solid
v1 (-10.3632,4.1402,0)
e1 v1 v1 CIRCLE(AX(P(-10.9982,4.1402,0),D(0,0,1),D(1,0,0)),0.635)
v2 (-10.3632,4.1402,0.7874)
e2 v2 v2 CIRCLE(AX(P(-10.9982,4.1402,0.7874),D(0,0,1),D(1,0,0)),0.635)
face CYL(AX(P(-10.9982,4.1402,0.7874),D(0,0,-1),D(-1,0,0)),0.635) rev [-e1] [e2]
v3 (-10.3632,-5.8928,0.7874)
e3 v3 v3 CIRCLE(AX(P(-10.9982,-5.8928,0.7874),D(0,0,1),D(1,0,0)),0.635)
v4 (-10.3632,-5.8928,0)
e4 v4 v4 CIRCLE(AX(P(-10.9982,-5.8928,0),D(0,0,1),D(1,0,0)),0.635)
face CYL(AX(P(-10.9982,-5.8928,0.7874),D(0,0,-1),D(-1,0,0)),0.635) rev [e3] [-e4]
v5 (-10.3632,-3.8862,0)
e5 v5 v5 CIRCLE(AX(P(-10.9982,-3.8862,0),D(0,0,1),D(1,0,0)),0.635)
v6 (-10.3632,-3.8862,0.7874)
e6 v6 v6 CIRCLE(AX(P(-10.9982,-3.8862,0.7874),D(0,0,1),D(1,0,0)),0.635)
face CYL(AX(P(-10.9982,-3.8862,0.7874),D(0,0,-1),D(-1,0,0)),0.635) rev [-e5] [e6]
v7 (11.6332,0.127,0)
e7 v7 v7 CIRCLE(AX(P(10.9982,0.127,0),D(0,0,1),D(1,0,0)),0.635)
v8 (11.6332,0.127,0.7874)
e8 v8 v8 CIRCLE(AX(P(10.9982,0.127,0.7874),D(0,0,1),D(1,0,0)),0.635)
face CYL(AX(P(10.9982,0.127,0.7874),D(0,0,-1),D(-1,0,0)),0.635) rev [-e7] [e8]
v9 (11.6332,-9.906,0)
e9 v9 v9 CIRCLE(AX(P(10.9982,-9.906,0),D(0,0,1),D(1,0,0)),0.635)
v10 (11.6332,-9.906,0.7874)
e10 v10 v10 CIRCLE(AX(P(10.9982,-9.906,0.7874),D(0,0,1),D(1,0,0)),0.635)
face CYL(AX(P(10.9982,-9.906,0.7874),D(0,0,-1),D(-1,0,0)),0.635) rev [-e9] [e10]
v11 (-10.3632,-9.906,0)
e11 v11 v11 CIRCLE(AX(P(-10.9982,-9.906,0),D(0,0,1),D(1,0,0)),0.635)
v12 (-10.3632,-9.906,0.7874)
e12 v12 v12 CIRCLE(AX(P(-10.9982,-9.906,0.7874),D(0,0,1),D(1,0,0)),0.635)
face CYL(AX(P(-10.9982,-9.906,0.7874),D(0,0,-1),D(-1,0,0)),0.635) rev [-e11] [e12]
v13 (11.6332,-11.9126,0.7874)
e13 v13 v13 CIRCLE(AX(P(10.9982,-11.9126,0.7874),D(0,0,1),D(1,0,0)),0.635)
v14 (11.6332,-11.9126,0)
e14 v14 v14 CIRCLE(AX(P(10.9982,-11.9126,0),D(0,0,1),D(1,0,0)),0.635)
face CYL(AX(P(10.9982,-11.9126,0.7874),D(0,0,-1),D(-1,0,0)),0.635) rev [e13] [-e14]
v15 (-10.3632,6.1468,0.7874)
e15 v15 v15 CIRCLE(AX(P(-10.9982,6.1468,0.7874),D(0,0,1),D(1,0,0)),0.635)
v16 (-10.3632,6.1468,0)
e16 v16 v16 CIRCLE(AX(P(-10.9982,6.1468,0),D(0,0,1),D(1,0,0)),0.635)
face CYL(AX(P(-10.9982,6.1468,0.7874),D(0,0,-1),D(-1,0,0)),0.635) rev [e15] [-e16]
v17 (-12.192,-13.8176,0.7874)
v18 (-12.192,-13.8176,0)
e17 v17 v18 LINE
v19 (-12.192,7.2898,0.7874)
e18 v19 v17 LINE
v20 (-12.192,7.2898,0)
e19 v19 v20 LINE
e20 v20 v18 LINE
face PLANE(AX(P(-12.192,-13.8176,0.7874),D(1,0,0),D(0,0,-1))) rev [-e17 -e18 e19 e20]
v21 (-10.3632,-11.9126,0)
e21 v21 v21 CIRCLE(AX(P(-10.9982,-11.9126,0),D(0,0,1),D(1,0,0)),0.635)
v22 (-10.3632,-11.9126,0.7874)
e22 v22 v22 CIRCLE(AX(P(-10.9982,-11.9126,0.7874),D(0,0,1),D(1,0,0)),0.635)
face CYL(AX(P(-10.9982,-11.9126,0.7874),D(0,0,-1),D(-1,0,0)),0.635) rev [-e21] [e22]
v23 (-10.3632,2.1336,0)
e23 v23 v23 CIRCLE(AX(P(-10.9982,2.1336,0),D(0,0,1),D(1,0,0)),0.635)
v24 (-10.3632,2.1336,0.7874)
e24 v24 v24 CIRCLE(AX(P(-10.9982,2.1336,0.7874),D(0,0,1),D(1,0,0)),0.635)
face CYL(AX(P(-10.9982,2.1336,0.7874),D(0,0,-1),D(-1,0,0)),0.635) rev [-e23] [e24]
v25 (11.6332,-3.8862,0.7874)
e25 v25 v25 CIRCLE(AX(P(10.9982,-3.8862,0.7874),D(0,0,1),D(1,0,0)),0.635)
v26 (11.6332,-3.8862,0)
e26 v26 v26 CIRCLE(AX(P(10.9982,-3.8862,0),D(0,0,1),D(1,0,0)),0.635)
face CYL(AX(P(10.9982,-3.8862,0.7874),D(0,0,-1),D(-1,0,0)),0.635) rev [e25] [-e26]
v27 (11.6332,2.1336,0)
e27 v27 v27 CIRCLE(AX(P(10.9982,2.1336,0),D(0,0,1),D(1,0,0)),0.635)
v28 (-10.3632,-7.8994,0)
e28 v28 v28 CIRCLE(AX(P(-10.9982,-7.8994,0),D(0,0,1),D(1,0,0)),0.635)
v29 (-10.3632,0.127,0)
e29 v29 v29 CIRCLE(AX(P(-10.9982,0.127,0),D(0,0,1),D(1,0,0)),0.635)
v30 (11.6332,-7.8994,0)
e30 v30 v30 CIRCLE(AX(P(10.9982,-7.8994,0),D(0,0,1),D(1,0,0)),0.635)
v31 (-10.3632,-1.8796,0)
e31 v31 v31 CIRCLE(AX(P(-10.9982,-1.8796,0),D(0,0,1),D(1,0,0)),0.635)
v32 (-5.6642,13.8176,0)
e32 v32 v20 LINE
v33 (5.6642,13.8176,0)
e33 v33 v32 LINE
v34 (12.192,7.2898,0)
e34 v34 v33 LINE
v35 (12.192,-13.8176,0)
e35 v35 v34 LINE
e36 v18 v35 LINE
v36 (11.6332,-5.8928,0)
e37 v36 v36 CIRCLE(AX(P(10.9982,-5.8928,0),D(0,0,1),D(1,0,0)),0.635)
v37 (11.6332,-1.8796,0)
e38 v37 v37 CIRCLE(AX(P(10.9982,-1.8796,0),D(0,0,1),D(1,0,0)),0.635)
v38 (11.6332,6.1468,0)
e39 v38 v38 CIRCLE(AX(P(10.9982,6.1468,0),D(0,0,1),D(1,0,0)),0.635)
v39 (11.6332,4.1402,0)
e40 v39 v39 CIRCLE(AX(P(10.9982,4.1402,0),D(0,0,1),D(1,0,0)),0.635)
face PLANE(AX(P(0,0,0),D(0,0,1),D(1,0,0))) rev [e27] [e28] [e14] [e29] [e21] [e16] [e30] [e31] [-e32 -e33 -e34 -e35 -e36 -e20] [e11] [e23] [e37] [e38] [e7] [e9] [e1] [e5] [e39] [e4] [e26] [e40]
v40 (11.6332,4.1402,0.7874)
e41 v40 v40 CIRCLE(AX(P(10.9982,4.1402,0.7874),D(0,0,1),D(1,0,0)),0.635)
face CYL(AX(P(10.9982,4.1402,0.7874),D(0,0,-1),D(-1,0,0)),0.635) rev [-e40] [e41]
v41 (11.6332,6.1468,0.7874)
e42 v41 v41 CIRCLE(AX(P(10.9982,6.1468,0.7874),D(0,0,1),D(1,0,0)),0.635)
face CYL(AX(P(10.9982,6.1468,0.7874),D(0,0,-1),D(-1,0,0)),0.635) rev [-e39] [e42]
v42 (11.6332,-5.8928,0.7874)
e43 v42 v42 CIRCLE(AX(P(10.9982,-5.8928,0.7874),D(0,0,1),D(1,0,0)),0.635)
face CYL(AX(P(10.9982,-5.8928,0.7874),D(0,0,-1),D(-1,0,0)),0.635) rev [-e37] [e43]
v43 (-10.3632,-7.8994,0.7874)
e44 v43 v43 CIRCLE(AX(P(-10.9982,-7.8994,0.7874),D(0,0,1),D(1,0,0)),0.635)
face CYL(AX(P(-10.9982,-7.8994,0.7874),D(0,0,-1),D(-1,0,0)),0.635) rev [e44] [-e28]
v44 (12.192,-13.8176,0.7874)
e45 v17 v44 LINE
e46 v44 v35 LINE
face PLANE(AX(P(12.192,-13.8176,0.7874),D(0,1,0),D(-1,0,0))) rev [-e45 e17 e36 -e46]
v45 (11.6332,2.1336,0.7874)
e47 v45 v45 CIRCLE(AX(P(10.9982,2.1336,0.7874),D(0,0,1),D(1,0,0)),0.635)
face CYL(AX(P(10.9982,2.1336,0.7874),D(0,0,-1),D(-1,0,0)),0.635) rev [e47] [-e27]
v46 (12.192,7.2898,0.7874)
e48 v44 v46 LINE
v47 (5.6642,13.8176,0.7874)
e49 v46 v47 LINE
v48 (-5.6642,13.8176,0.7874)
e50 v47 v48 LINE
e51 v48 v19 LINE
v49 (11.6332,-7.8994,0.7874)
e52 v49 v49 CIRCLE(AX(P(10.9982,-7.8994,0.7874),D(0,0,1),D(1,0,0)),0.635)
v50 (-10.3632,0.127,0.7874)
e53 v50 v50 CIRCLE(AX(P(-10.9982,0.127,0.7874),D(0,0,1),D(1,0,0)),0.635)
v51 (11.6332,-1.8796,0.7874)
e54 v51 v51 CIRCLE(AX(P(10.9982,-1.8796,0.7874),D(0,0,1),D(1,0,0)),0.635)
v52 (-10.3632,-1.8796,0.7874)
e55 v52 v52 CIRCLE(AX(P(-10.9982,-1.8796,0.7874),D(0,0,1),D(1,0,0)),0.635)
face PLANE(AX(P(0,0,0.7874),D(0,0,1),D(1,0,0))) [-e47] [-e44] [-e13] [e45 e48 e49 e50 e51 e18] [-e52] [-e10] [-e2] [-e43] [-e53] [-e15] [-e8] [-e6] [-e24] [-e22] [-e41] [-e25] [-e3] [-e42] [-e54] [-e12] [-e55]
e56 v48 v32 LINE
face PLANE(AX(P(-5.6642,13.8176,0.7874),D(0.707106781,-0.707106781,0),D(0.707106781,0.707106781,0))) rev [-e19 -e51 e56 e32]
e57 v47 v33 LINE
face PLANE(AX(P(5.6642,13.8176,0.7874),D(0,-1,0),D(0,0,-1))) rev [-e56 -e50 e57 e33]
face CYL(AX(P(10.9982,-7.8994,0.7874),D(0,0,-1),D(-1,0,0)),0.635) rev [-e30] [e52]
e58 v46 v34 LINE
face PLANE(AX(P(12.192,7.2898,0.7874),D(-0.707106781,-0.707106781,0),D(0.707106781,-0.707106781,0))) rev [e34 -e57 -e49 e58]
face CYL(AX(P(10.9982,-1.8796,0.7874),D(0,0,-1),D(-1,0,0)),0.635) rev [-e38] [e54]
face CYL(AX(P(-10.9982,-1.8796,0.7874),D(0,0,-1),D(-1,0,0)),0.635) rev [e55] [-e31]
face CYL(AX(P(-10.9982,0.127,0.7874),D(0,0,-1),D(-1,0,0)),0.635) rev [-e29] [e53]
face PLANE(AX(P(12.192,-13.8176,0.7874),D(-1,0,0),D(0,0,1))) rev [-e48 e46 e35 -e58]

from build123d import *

# Parameters (mm, degrees)
CROQUIS1_R              = 0.635
SALIENTE_EXTRUIR1_DEPTH = 0.7874


with BuildPart() as part:
    # Croquis1 → Saliente-Extruir1 (new body)
    with BuildSketch(Plane.XY):
        Polygon((-5.6642, 13.8176), (-12.192, 7.2898), (-12.192, -13.8176), (12.192, -13.8176), (12.192, 7.2898), (5.6642, 13.8176), align=None)
        with Locations((-10.9982, -11.9126)):
            Circle(CROQUIS1_R, mode=Mode.SUBTRACT)
        with Locations((10.9982, -11.9126)):
            Circle(CROQUIS1_R, mode=Mode.SUBTRACT)
        with Locations((10.9982, -9.906)):
            Circle(CROQUIS1_R, mode=Mode.SUBTRACT)
        with Locations((10.9982, -7.8994)):
            Circle(CROQUIS1_R, mode=Mode.SUBTRACT)
        with Locations((10.9982, -5.8928)):
            Circle(CROQUIS1_R, mode=Mode.SUBTRACT)
        with Locations((10.9982, -3.8862)):
            Circle(CROQUIS1_R, mode=Mode.SUBTRACT)
        with Locations((10.9982, -1.8796)):
            Circle(CROQUIS1_R, mode=Mode.SUBTRACT)
        with Locations((10.9982, 0.127)):
            Circle(CROQUIS1_R, mode=Mode.SUBTRACT)
        with Locations((10.9982, 2.1336)):
            Circle(CROQUIS1_R, mode=Mode.SUBTRACT)
        with Locations((10.9982, 4.1402)):
            Circle(CROQUIS1_R, mode=Mode.SUBTRACT)
        with Locations((10.9982, 6.1468)):
            Circle(CROQUIS1_R, mode=Mode.SUBTRACT)
        with Locations((-10.9982, -9.906)):
            Circle(CROQUIS1_R, mode=Mode.SUBTRACT)
        with Locations((-10.9982, -7.8994)):
            Circle(CROQUIS1_R, mode=Mode.SUBTRACT)
        with Locations((-10.9982, -5.8928)):
            Circle(CROQUIS1_R, mode=Mode.SUBTRACT)
        with Locations((-10.9982, -3.8862)):
            Circle(CROQUIS1_R, mode=Mode.SUBTRACT)
        with Locations((-10.9982, -1.8796)):
            Circle(CROQUIS1_R, mode=Mode.SUBTRACT)
        with Locations((-10.9982, 0.127)):
            Circle(CROQUIS1_R, mode=Mode.SUBTRACT)
        with Locations((-10.9982, 2.1336)):
            Circle(CROQUIS1_R, mode=Mode.SUBTRACT)
        with Locations((-10.9982, 4.1402)):
            Circle(CROQUIS1_R, mode=Mode.SUBTRACT)
        with Locations((-10.9982, 6.1468)):
            Circle(CROQUIS1_R, mode=Mode.SUBTRACT)
    extrude(amount=SALIENTE_EXTRUIR1_DEPTH)


solid = part.part
